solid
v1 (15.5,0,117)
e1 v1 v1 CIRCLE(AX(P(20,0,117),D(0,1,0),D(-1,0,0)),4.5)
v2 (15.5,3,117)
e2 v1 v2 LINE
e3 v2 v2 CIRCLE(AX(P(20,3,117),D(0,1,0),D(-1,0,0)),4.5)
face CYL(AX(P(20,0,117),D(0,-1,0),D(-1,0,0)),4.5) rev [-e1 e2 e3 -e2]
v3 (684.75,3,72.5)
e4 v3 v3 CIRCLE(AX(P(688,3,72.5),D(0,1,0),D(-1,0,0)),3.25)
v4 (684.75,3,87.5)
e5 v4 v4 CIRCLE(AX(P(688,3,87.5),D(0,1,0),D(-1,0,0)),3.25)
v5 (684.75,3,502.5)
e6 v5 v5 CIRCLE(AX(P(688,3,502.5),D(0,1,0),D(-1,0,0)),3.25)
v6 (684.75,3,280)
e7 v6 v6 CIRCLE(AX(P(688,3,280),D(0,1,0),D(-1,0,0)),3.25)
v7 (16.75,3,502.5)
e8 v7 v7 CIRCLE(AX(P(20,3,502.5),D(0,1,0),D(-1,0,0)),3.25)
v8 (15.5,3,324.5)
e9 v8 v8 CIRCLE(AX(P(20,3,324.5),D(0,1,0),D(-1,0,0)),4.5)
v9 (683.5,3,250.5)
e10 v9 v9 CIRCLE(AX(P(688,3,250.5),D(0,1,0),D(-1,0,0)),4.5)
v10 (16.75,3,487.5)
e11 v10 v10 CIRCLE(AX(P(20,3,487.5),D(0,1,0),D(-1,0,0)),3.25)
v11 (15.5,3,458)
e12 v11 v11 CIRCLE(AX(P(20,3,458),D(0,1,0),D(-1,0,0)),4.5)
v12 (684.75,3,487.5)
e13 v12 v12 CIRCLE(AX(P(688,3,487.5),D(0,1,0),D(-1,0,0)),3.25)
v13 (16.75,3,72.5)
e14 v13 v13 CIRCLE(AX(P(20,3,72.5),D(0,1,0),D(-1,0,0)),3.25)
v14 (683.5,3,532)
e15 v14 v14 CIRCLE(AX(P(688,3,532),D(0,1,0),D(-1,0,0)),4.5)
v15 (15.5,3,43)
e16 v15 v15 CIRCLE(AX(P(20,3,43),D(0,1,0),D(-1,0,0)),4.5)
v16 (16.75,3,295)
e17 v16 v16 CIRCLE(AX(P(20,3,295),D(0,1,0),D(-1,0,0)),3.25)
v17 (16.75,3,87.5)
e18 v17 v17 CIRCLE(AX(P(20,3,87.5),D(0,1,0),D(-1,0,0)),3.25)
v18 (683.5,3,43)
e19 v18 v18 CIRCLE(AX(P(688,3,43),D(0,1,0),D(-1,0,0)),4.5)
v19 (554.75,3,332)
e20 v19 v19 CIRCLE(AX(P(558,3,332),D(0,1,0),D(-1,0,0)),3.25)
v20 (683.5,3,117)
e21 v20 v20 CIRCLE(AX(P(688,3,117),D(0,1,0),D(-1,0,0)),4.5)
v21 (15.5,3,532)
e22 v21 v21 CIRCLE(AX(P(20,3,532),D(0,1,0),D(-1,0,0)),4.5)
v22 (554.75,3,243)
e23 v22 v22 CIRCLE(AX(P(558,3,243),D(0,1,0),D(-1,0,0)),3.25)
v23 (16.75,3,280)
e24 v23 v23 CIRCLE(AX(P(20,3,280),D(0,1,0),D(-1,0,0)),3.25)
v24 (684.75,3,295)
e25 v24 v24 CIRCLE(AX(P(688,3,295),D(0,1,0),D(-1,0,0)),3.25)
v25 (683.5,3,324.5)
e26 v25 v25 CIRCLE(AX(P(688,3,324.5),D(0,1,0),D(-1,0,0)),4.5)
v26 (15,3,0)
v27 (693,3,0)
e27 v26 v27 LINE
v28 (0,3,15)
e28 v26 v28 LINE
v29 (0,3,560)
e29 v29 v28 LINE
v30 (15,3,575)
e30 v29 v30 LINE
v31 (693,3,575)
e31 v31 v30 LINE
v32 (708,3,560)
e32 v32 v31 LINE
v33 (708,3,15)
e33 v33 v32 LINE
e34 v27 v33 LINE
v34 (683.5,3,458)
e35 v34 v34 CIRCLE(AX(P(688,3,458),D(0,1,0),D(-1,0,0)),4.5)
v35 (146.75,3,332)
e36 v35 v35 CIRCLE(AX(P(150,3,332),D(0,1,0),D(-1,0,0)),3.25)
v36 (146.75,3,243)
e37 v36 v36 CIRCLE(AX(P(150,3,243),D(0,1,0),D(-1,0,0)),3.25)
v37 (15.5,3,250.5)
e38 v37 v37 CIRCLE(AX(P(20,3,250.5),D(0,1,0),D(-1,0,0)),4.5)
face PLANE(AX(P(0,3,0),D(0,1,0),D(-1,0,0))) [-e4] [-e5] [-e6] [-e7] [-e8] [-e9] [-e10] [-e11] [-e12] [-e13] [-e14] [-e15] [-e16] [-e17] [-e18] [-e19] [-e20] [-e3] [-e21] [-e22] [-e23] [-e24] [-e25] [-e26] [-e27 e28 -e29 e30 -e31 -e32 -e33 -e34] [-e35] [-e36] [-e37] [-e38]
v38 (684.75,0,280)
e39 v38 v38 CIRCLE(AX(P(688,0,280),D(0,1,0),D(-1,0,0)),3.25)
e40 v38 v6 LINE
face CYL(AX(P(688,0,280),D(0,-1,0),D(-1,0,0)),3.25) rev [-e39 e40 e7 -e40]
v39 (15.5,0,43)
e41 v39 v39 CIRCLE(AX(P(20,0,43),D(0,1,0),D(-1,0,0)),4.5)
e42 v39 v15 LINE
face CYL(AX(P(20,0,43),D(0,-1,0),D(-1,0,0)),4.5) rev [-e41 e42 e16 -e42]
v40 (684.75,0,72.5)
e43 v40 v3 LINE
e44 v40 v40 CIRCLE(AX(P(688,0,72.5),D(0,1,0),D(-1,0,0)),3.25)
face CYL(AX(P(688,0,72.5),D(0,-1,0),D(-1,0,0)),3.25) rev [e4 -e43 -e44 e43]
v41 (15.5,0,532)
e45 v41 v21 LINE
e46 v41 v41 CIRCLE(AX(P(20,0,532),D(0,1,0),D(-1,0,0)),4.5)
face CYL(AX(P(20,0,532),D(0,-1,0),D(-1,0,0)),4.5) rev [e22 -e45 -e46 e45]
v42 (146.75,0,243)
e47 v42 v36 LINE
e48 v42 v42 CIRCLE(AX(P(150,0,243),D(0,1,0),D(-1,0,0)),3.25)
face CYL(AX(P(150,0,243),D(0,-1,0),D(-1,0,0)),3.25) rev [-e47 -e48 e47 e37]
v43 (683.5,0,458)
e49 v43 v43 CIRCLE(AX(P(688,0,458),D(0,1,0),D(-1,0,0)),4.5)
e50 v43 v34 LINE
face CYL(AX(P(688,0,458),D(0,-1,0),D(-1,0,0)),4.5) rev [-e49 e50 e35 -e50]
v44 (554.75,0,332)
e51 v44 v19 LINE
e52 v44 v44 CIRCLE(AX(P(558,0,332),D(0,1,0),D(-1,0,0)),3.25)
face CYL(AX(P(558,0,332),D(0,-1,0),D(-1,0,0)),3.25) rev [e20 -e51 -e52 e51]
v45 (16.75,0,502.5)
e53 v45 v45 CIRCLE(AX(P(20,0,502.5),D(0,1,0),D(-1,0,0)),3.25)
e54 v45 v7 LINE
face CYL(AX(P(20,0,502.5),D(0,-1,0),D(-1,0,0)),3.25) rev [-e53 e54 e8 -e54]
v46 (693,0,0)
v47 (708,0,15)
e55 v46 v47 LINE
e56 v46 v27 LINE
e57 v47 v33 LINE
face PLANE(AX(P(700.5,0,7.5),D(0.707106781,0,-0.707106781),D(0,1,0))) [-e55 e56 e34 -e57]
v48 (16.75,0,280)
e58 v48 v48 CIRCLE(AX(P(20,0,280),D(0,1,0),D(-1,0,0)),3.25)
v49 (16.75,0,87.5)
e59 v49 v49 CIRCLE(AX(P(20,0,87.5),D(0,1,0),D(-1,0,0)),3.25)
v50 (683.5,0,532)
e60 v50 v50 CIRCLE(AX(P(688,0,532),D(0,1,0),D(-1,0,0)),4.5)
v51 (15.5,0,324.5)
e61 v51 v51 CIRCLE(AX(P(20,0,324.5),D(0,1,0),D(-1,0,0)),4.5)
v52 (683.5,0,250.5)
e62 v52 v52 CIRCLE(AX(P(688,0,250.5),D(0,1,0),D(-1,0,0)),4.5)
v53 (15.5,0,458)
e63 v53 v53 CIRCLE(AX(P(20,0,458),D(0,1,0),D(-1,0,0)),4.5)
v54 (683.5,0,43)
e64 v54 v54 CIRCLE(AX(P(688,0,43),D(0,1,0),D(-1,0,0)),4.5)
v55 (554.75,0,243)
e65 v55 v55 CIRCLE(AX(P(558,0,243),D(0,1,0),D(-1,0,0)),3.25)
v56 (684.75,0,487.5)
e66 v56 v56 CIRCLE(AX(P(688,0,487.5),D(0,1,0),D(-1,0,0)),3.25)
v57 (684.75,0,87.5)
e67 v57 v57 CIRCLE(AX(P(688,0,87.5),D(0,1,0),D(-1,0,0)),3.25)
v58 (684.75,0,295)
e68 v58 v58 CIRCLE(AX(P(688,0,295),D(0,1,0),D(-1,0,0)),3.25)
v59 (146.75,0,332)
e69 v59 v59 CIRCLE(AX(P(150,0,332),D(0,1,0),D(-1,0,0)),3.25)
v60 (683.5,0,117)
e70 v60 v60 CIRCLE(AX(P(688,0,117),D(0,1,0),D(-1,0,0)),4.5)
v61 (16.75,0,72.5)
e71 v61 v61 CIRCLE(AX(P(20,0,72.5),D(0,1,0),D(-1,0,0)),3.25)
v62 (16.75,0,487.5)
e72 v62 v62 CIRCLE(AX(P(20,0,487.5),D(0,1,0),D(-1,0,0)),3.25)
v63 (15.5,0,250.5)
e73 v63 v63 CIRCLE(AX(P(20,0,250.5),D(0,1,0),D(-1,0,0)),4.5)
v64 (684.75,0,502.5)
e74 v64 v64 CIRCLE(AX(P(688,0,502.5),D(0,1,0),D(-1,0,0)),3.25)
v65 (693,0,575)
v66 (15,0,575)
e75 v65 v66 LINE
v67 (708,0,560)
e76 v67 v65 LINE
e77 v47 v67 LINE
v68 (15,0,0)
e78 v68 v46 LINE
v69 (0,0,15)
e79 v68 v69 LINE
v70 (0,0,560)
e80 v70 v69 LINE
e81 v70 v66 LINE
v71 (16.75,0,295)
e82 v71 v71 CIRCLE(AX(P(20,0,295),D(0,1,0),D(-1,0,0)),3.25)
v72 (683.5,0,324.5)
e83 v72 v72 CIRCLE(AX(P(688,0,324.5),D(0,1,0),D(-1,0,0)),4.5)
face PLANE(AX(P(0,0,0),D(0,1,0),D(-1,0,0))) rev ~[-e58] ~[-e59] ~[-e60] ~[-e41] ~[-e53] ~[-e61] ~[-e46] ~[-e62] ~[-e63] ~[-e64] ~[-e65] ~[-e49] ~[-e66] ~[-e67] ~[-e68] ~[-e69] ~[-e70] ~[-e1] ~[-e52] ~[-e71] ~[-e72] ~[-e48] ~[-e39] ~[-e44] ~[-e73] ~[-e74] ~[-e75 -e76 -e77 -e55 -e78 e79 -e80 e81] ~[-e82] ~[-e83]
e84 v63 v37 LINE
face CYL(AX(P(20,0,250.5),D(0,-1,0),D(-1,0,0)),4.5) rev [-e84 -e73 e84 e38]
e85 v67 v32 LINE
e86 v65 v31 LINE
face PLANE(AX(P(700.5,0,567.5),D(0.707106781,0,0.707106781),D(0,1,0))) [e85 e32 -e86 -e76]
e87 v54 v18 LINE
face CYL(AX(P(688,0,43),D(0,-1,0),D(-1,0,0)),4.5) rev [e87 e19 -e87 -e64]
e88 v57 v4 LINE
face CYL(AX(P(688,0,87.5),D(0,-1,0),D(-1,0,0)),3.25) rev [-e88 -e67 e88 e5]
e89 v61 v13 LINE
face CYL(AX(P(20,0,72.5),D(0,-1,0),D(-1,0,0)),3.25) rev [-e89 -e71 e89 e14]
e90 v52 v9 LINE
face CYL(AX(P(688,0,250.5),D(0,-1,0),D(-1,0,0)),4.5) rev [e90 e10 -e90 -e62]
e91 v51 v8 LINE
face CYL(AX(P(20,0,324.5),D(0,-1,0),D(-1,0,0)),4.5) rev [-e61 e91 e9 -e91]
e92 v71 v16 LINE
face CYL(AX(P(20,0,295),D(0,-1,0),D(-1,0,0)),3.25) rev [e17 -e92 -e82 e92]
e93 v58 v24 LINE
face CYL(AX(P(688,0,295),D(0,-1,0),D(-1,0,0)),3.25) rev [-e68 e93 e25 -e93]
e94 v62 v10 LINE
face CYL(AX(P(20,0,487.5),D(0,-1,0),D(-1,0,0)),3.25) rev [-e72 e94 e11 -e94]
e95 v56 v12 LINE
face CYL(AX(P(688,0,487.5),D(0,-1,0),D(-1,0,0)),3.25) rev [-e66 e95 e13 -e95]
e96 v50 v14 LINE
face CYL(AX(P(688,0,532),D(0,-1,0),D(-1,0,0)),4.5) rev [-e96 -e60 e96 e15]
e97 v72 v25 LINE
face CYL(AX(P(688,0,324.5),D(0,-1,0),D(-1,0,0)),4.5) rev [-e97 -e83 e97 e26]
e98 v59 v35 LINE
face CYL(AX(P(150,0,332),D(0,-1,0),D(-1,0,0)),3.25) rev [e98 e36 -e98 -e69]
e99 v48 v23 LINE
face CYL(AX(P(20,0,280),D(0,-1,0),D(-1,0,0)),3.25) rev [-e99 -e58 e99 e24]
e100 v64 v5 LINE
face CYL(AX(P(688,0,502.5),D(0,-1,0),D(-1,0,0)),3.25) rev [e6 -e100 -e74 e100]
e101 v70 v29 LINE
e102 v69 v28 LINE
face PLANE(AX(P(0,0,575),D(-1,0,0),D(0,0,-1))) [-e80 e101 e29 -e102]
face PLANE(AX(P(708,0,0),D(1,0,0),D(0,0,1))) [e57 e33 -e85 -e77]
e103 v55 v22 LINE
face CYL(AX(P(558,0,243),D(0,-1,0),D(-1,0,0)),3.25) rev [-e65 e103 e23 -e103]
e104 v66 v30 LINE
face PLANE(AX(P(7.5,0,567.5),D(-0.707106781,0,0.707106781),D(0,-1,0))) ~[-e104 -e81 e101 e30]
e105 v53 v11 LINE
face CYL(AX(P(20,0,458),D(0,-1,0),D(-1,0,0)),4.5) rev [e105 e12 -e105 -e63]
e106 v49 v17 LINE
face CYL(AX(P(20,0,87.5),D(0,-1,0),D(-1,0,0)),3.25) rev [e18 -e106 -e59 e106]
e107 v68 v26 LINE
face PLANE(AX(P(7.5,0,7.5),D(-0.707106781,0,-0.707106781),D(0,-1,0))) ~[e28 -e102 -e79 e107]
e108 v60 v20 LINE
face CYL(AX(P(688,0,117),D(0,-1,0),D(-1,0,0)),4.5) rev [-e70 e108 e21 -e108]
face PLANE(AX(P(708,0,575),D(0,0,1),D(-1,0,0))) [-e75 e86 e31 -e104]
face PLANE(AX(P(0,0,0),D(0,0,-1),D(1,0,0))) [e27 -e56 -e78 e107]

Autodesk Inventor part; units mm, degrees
ref_plane "YZ Plane" through (0, 0, 0) normal (1, 0, 0) x (0, 1, 0)
ref_plane "XZ Plane" through (0, 0, 0) normal (0, 1, 0) x (-1, 0, 0)
ref_plane "XY Plane" through (0, 0, 0) normal (0, 0, 1) x (1, 0, 0)
sketch "Skizze1" plane through (0, 0, 0) normal (0, 1, 0) x (-1, 0, 0)
  line L0 (0, 0) -> (-708, 0)
  line L1 (-708, 0) -> (-708, 575)
  line L2 (-708, 575) -> (0, 575)
  line L3 (0, 575) -> (0, 0)
  line L4 (-354, 0) -> (-354, 575) construction
  line L5 (0, 287.5) -> (-708, 287.5) construction
  line L6 (-150, 0) -> (-150, 575) construction
  line L7 (-558, 0) -> (-558, 575) construction
  line L8 (-708, 495) -> (0, 495) construction
  line L9 (0, 80) -> (-708, 80) construction
  line L10 (-688, 555) -> (-688, 20) construction
  line L11 (-688, 20) -> (-20, 20) construction
  line L12 (-20, 20) -> (-20, 555) construction
  line L13 (-20, 555) -> (-688, 555) construction
  line L14 (-28, 447.5) -> (-12, 447.5) construction
  line L15 (-12, 447.5) -> (-12, 542.5) construction
  line L16 (-12, 542.5) -> (-28, 542.5) construction
  line L17 (-28, 542.5) -> (-28, 447.5) construction
  line L18 (-28, 447.5) -> (-12, 542.5) construction
  line L19 (-12, 447.5) -> (-28, 542.5) construction
  line L20 (-102.5, 563) -> (-197.5, 563) construction
  line L21 (-197.5, 563) -> (-197.5, 547) construction
  line L22 (-197.5, 547) -> (-102.5, 547) construction
  line L23 (-102.5, 547) -> (-102.5, 563) construction
  line L24 (-102.5, 563) -> (-197.5, 547) construction
  line L25 (-197.5, 563) -> (-102.5, 547) construction
  line L26 (-306.5, 563) -> (-401.5, 563) construction
  line L27 (-401.5, 563) -> (-401.5, 547) construction
  line L28 (-401.5, 547) -> (-306.5, 547) construction
  line L29 (-306.5, 547) -> (-306.5, 563) construction
  line L30 (-306.5, 563) -> (-401.5, 547) construction
  line L31 (-401.5, 563) -> (-306.5, 547) construction
  circle A0 centre (-20, 487.5) radius 3.25
  circle A1 centre (-20, 458) radius 4.5
  circle A2 centre (-20, 502.5) radius 3.25
  circle A3 centre (-20, 532) radius 4.5
  circle A4 centre (-142.5, 555) radius 3.25
  circle A5 centre (-113, 555) radius 4.5
  circle A6 centre (-317, 555) radius 4.5
  circle A7 centre (-346.5, 555) radius 3.25
  circle A8 centre (-157.5, 555) radius 3.25
  circle A9 centre (-187, 555) radius 4.5
  circle A10 centre (-391, 555) radius 4.5
  circle A11 centre (-361.5, 555) radius 3.25
  circle A12 centre (-688, 487.5) radius 3.25
  circle A13 centre (-688, 458) radius 4.5
  circle A14 centre (-688, 532) radius 4.5
  circle A15 centre (-688, 502.5) radius 3.25
  circle A16 centre (-565.5, 555) radius 3.25
  circle A17 centre (-595, 555) radius 4.5
  circle A18 centre (-550.5, 555) radius 3.25
  circle A19 centre (-521, 555) radius 4.5
  circle A20 centre (-20, 43) radius 4.5
  circle A21 centre (-20, 72.5) radius 3.25
  circle A22 centre (-150, 243) radius 3.25
  line L32 (-138.5, 233.5) -> (-161.5, 233.5) construction
  line L33 (-161.5, 233.5) -> (-161.5, 341.5) construction
  line L34 (-161.5, 341.5) -> (-138.5, 341.5) construction
  line L35 (-138.5, 341.5) -> (-138.5, 233.5) construction
  line L36 (-138.5, 233.5) -> (-161.5, 341.5) construction
  line L37 (-161.5, 233.5) -> (-138.5, 341.5) construction
  circle A23 centre (-150, 332) radius 3.25
  circle A24 centre (-558, 243) radius 3.25
  circle A25 centre (-558, 332) radius 3.25
  circle A26 centre (-20, 117) radius 4.5
  circle A27 centre (-20, 87.5) radius 3.25
  circle A28 centre (-688, 43) radius 4.5
  circle A29 centre (-688, 72.5) radius 3.25
  circle A30 centre (-688, 87.5) radius 3.25
  circle A31 centre (-688, 117) radius 4.5
  circle A32 centre (-20, 250.5) radius 4.5
  circle A33 centre (-20, 280) radius 3.25
  circle A34 centre (-20, 295) radius 3.25
  circle A35 centre (-20, 324.5) radius 4.5
  circle A36 centre (-688, 280) radius 3.25
  circle A37 centre (-688, 250.5) radius 4.5
  circle A38 centre (-688, 324.5) radius 4.5
  circle A39 centre (-688, 295) radius 3.25
  point P0 (-20, 495)
  point P1 (-150, 555)
  point P2 (-354, 555)
  point P3 (-150, 287.5)
  dimension "d0" = 708
  dimension "d1" = 575
  dimension "d2" = 80
  dimension "d3" = 80
  dimension "d4" = 150
  dimension "d5" = 150
  dimension "d6" = 20
  dimension "d7" = 16
  dimension "d8" = 95
  dimension "d9" = 95
  dimension "d10" = 16
  dimension "d11" = 95
  dimension "d12" = 16
  dimension "d13" = 6.5
  dimension "d14" = 7.5
  dimension "d15" = 9
  dimension "d16" = 37
  dimension "d17" = 6.5
  dimension "d18" = 9
  dimension "d19" = 7.5
  dimension "d20" = 37
  dimension "d21" = 6.5
  dimension "d22" = 9
  dimension "d23" = 7.5
  dimension "d24" = 37
  dimension "d30" = 6.5
  dimension "d31" = 44.5
  dimension "d32" = 23
  dimension "d33" = 108
  dimension "d34" = 6.5
  dimension "d35" = 9
  dimension "d36" = 7.5
  dimension "d37" = 37
  dimension "d38" = 6.5
  dimension "d39" = 9
  dimension "d42" = 7.5
  dimension "d43" = 37
extrude "Extrusion1" add sketch "Skizze1" along normal blind 3 contours L0 L1 L2 L3 | A4 | A5 | A6 | A7 | A8 | A9 | A10 | A11 | A16 | A17 | A18 | A19
chamfer "Fase1" distance 15 angle 45 4 edges at (0, 1.5, 575) (708, 1.5, 575) (708, 1.5, 0) (0, 1.5, 0)
equation "\"d5\" = d4"
equation "\"d17\" = d13"
equation "\"d18\" = d15"
equation "\"d19\" = d14"
equation "\"d20\" = d16"
equation "\"d21\" = d13"
equation "\"d22\" = d15"
equation "\"d23\" = d14"
equation "\"d24\" = d16"
equation "\"d34\" = d13"
equation "\"d35\" = d15"
equation "\"d36\" = d14"
equation "\"d37\" = d16"
equation "\"d38\" = d13"
equation "\"d39\" = d15"
equation "\"d42\" = d14"
equation "\"d43\" = d16"
properties part number "enc-SidePanel Mitte 575x708"
